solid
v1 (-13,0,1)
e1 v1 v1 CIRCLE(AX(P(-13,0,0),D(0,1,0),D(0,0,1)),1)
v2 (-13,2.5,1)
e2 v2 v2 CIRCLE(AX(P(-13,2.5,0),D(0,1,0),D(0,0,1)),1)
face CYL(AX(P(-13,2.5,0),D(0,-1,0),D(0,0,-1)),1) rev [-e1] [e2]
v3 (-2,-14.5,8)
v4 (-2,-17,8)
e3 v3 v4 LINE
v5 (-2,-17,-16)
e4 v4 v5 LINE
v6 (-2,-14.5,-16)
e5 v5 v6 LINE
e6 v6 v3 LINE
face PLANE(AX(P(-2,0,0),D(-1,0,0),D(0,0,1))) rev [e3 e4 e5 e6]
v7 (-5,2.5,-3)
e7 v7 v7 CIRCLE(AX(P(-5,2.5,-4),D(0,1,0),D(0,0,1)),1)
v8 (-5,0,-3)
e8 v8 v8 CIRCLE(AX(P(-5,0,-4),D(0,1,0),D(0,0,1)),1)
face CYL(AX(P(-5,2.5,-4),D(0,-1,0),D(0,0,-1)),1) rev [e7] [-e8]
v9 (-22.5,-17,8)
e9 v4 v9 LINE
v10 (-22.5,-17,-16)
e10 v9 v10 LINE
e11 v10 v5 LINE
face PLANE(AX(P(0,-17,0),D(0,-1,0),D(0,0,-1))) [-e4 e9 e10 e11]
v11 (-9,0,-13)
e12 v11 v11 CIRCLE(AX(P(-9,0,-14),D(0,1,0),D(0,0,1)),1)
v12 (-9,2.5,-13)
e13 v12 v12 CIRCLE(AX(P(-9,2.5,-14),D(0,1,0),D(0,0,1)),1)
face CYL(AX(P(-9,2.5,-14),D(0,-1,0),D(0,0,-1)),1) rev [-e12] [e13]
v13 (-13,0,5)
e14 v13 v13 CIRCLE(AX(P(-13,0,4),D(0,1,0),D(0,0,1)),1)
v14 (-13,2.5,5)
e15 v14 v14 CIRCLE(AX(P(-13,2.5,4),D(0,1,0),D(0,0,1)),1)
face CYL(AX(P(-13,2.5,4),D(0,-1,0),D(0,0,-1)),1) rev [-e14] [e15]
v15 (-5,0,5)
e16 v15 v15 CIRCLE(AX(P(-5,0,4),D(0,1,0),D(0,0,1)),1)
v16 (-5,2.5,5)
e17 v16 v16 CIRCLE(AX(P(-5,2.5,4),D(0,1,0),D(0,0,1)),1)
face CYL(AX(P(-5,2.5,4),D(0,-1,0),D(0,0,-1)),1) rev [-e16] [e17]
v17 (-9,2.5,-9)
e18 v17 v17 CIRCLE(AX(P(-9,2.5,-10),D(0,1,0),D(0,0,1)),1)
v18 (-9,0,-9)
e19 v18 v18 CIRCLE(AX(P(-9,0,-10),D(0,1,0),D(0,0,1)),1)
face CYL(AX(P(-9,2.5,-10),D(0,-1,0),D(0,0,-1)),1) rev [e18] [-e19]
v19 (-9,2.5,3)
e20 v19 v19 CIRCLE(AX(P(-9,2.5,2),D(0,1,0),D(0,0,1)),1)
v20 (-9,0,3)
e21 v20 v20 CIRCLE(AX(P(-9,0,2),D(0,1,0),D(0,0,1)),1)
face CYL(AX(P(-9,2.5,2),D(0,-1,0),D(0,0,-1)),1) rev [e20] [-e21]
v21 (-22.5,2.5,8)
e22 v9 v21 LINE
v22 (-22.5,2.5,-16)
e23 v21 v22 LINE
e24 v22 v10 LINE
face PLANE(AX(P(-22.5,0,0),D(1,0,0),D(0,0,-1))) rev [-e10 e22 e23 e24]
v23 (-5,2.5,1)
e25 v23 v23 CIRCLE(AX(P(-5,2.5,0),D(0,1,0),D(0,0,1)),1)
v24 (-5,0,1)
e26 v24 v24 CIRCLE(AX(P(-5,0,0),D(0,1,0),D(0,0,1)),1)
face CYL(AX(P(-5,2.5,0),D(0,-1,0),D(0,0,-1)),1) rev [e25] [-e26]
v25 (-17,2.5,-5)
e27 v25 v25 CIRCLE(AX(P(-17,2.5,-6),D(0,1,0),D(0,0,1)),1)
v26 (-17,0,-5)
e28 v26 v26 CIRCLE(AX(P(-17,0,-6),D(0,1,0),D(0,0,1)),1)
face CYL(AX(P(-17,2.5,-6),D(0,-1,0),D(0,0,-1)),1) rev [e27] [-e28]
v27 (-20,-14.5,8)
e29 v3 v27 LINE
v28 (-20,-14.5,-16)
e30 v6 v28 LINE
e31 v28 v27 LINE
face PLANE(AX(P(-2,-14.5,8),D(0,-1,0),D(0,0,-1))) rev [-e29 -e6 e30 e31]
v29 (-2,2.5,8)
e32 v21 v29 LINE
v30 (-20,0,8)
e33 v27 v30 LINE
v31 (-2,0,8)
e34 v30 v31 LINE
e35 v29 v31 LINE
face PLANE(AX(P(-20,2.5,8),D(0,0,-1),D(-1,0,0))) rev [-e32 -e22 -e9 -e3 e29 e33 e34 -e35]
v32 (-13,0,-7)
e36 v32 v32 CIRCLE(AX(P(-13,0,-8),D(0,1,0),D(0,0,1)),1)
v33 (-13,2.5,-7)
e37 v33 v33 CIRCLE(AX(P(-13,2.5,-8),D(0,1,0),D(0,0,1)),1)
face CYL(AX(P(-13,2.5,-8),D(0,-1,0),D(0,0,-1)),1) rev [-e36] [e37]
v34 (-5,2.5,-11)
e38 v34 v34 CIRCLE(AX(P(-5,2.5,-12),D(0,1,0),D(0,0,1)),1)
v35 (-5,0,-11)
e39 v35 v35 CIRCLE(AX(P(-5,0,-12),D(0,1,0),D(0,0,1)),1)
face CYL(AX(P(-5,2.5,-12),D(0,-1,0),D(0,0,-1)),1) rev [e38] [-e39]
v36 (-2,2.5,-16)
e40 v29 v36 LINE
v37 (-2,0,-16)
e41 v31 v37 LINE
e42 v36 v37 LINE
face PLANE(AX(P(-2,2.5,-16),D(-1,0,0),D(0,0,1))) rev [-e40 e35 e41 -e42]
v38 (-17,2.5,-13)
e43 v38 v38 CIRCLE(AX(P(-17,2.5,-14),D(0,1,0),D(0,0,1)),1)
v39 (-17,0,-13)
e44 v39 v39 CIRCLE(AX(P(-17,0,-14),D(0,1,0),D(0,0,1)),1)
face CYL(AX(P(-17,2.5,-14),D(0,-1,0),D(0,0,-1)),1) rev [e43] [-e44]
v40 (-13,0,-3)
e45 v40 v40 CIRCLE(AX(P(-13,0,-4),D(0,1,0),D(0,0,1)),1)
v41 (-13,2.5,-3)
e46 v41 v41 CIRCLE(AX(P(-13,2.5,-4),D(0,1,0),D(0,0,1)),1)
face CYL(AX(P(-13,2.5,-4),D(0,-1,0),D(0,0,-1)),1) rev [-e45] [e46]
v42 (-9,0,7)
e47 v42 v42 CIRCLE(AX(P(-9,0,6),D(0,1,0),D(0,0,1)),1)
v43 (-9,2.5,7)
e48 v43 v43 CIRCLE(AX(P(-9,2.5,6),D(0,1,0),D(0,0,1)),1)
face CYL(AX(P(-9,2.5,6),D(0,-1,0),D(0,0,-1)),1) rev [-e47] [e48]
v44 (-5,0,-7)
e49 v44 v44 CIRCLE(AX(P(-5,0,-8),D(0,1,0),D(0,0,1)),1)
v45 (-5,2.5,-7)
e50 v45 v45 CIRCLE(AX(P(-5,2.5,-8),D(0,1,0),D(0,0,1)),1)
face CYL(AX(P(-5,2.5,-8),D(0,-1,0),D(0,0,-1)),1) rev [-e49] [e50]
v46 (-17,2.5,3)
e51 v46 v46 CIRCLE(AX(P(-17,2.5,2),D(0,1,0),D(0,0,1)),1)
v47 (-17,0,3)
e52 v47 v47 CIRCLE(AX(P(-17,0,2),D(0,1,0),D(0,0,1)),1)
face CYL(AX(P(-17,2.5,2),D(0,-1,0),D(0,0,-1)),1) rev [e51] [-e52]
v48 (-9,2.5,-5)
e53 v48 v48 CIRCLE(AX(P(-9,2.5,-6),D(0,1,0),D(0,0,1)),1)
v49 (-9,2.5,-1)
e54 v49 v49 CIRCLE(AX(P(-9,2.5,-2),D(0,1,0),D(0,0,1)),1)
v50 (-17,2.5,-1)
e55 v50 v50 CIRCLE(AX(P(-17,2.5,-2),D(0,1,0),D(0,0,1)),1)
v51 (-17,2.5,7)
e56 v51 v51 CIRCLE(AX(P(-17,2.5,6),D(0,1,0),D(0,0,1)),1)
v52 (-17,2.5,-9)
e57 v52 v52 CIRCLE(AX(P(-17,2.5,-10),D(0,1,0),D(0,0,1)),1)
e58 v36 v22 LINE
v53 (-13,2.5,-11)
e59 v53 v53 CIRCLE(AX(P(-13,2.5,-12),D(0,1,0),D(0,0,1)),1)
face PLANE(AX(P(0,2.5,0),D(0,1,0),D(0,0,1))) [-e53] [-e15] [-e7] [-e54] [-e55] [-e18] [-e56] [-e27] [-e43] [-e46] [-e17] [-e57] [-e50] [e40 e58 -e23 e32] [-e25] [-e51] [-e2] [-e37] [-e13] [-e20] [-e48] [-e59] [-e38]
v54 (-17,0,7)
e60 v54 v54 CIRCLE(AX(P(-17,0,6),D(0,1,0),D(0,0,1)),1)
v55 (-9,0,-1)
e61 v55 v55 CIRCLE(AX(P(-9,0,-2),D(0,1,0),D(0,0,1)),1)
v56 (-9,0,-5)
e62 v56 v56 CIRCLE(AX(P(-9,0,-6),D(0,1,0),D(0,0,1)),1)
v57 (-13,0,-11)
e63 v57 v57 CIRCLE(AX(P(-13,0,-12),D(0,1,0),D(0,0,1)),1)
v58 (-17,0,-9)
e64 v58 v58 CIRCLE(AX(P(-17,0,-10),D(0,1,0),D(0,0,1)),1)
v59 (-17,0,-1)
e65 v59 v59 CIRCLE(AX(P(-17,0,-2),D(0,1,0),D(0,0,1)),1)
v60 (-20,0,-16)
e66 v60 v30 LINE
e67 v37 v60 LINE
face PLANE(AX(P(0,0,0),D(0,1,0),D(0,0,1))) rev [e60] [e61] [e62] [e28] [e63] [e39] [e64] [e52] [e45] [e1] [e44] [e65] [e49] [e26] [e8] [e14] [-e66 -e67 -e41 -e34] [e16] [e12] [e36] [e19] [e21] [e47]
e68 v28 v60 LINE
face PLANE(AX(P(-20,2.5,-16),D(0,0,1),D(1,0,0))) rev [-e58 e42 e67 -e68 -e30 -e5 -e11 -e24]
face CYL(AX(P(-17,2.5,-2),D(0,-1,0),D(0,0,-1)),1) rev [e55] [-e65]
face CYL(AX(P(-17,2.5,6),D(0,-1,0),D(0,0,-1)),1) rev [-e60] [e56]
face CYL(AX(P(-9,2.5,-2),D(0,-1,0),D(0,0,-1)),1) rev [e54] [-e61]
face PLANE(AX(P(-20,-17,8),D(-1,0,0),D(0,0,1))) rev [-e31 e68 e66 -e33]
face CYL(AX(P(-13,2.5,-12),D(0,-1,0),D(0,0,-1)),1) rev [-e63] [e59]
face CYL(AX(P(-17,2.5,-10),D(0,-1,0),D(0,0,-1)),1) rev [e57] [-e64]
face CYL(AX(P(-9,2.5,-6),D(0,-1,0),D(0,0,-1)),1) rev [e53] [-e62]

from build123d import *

# Parameters (mm, degrees)
SKETCH2_W           = 18
SKETCH2_H           = 24
SKETCH2_R           = 1
BOSS_EXTRUDE2_DEPTH = 2.5
SKETCH4_W           = 24
SKETCH4_H           = 2.5
BOSS_EXTRUDE3_DEPTH = 2.5
SKETCH6_W           = 2.5
SKETCH6_H           = 24
BOSS_EXTRUDE5_DEPTH = 17
SKETCH7_W           = 24
SKETCH7_H           = 2.5
BOSS_EXTRUDE6_DEPTH = 18


with BuildPart() as part:
    # Sketch2 → Boss-Extrude2 (new body)
    with BuildSketch(Plane(origin=(0, 0, 0), x_dir=(1, 0, 0), z_dir=(0, 1, 0))):
        with Locations((-11, 4)):
            Rectangle(SKETCH2_W, SKETCH2_H)
        with Locations(Location((-17, -6, 0), (0, 0, 270))):
            Circle(SKETCH2_R, mode=Mode.SUBTRACT)
        with Locations(Location((-17, -2, 0), (0, 0, 270))):
            Circle(SKETCH2_R, mode=Mode.SUBTRACT)
        with Locations(Location((-17, 2, 0), (0, 0, 270))):
            Circle(SKETCH2_R, mode=Mode.SUBTRACT)
        with Locations(Location((-17, 6, 0), (0, 0, 270))):
            Circle(SKETCH2_R, mode=Mode.SUBTRACT)
        with Locations(Location((-17, 10, 0), (0, 0, 270))):
            Circle(SKETCH2_R, mode=Mode.SUBTRACT)
        with Locations(Location((-17, 14, 0), (0, 0, 270))):
            Circle(SKETCH2_R, mode=Mode.SUBTRACT)
        with Locations(Location((-13, -4, 0), (0, 0, 270))):
            Circle(SKETCH2_R, mode=Mode.SUBTRACT)
        with Locations(Location((-13, 0, 0), (0, 0, 270))):
            Circle(SKETCH2_R, mode=Mode.SUBTRACT)
        with Locations(Location((-13, 4, 0), (0, 0, 270))):
            Circle(SKETCH2_R, mode=Mode.SUBTRACT)
        with Locations(Location((-13, 8, 0), (0, 0, 270))):
            Circle(SKETCH2_R, mode=Mode.SUBTRACT)
        with Locations(Location((-13, 12, 0), (0, 0, 270))):
            Circle(SKETCH2_R, mode=Mode.SUBTRACT)
        with Locations(Location((-9, -6, 0), (0, 0, 270))):
            Circle(SKETCH2_R, mode=Mode.SUBTRACT)
        with Locations(Location((-9, -2, 0), (0, 0, 270))):
            Circle(SKETCH2_R, mode=Mode.SUBTRACT)
        with Locations(Location((-9, 2, 0), (0, 0, 270))):
            Circle(SKETCH2_R, mode=Mode.SUBTRACT)
        with Locations(Location((-9, 6, 0), (0, 0, 270))):
            Circle(SKETCH2_R, mode=Mode.SUBTRACT)
        with Locations(Location((-9, 10, 0), (0, 0, 270))):
            Circle(SKETCH2_R, mode=Mode.SUBTRACT)
        with Locations(Location((-9, 14, 0), (0, 0, 270))):
            Circle(SKETCH2_R, mode=Mode.SUBTRACT)
        with Locations(Location((-5, -4, 0), (0, 0, 270))):
            Circle(SKETCH2_R, mode=Mode.SUBTRACT)
        with Locations(Location((-5, 0, 0), (0, 0, 270))):
            Circle(SKETCH2_R, mode=Mode.SUBTRACT)
        with Locations(Location((-5, 4, 0), (0, 0, 270))):
            Circle(SKETCH2_R, mode=Mode.SUBTRACT)
        with Locations(Location((-5, 8, 0), (0, 0, 270))):
            Circle(SKETCH2_R, mode=Mode.SUBTRACT)
        with Locations(Location((-5, 12, 0), (0, 0, 270))):
            Circle(SKETCH2_R, mode=Mode.SUBTRACT)
    extrude(amount=BOSS_EXTRUDE2_DEPTH)

    # Sketch4 → Boss-Extrude3 (add)
    with BuildSketch(Plane.ZY.offset(20)):
        with Locations((-4, 1.25)):
            Rectangle(SKETCH4_W, SKETCH4_H)
    extrude(amount=BOSS_EXTRUDE3_DEPTH)

    # Sketch6 → Boss-Extrude5 (add)
    with BuildSketch(Plane.XZ):
        with Locations((-21.25, -4)):
            Rectangle(SKETCH6_W, SKETCH6_H)
    extrude(amount=BOSS_EXTRUDE5_DEPTH)

    # Sketch7 → Boss-Extrude6 (add)
    with BuildSketch(Plane(origin=(-20, 0, 0), x_dir=(0, 0, -1), z_dir=(1, 0, 0))):
        with Locations((4, -15.75)):
            Rectangle(SKETCH7_W, SKETCH7_H)
    extrude(amount=BOSS_EXTRUDE6_DEPTH)


solid = part.part
